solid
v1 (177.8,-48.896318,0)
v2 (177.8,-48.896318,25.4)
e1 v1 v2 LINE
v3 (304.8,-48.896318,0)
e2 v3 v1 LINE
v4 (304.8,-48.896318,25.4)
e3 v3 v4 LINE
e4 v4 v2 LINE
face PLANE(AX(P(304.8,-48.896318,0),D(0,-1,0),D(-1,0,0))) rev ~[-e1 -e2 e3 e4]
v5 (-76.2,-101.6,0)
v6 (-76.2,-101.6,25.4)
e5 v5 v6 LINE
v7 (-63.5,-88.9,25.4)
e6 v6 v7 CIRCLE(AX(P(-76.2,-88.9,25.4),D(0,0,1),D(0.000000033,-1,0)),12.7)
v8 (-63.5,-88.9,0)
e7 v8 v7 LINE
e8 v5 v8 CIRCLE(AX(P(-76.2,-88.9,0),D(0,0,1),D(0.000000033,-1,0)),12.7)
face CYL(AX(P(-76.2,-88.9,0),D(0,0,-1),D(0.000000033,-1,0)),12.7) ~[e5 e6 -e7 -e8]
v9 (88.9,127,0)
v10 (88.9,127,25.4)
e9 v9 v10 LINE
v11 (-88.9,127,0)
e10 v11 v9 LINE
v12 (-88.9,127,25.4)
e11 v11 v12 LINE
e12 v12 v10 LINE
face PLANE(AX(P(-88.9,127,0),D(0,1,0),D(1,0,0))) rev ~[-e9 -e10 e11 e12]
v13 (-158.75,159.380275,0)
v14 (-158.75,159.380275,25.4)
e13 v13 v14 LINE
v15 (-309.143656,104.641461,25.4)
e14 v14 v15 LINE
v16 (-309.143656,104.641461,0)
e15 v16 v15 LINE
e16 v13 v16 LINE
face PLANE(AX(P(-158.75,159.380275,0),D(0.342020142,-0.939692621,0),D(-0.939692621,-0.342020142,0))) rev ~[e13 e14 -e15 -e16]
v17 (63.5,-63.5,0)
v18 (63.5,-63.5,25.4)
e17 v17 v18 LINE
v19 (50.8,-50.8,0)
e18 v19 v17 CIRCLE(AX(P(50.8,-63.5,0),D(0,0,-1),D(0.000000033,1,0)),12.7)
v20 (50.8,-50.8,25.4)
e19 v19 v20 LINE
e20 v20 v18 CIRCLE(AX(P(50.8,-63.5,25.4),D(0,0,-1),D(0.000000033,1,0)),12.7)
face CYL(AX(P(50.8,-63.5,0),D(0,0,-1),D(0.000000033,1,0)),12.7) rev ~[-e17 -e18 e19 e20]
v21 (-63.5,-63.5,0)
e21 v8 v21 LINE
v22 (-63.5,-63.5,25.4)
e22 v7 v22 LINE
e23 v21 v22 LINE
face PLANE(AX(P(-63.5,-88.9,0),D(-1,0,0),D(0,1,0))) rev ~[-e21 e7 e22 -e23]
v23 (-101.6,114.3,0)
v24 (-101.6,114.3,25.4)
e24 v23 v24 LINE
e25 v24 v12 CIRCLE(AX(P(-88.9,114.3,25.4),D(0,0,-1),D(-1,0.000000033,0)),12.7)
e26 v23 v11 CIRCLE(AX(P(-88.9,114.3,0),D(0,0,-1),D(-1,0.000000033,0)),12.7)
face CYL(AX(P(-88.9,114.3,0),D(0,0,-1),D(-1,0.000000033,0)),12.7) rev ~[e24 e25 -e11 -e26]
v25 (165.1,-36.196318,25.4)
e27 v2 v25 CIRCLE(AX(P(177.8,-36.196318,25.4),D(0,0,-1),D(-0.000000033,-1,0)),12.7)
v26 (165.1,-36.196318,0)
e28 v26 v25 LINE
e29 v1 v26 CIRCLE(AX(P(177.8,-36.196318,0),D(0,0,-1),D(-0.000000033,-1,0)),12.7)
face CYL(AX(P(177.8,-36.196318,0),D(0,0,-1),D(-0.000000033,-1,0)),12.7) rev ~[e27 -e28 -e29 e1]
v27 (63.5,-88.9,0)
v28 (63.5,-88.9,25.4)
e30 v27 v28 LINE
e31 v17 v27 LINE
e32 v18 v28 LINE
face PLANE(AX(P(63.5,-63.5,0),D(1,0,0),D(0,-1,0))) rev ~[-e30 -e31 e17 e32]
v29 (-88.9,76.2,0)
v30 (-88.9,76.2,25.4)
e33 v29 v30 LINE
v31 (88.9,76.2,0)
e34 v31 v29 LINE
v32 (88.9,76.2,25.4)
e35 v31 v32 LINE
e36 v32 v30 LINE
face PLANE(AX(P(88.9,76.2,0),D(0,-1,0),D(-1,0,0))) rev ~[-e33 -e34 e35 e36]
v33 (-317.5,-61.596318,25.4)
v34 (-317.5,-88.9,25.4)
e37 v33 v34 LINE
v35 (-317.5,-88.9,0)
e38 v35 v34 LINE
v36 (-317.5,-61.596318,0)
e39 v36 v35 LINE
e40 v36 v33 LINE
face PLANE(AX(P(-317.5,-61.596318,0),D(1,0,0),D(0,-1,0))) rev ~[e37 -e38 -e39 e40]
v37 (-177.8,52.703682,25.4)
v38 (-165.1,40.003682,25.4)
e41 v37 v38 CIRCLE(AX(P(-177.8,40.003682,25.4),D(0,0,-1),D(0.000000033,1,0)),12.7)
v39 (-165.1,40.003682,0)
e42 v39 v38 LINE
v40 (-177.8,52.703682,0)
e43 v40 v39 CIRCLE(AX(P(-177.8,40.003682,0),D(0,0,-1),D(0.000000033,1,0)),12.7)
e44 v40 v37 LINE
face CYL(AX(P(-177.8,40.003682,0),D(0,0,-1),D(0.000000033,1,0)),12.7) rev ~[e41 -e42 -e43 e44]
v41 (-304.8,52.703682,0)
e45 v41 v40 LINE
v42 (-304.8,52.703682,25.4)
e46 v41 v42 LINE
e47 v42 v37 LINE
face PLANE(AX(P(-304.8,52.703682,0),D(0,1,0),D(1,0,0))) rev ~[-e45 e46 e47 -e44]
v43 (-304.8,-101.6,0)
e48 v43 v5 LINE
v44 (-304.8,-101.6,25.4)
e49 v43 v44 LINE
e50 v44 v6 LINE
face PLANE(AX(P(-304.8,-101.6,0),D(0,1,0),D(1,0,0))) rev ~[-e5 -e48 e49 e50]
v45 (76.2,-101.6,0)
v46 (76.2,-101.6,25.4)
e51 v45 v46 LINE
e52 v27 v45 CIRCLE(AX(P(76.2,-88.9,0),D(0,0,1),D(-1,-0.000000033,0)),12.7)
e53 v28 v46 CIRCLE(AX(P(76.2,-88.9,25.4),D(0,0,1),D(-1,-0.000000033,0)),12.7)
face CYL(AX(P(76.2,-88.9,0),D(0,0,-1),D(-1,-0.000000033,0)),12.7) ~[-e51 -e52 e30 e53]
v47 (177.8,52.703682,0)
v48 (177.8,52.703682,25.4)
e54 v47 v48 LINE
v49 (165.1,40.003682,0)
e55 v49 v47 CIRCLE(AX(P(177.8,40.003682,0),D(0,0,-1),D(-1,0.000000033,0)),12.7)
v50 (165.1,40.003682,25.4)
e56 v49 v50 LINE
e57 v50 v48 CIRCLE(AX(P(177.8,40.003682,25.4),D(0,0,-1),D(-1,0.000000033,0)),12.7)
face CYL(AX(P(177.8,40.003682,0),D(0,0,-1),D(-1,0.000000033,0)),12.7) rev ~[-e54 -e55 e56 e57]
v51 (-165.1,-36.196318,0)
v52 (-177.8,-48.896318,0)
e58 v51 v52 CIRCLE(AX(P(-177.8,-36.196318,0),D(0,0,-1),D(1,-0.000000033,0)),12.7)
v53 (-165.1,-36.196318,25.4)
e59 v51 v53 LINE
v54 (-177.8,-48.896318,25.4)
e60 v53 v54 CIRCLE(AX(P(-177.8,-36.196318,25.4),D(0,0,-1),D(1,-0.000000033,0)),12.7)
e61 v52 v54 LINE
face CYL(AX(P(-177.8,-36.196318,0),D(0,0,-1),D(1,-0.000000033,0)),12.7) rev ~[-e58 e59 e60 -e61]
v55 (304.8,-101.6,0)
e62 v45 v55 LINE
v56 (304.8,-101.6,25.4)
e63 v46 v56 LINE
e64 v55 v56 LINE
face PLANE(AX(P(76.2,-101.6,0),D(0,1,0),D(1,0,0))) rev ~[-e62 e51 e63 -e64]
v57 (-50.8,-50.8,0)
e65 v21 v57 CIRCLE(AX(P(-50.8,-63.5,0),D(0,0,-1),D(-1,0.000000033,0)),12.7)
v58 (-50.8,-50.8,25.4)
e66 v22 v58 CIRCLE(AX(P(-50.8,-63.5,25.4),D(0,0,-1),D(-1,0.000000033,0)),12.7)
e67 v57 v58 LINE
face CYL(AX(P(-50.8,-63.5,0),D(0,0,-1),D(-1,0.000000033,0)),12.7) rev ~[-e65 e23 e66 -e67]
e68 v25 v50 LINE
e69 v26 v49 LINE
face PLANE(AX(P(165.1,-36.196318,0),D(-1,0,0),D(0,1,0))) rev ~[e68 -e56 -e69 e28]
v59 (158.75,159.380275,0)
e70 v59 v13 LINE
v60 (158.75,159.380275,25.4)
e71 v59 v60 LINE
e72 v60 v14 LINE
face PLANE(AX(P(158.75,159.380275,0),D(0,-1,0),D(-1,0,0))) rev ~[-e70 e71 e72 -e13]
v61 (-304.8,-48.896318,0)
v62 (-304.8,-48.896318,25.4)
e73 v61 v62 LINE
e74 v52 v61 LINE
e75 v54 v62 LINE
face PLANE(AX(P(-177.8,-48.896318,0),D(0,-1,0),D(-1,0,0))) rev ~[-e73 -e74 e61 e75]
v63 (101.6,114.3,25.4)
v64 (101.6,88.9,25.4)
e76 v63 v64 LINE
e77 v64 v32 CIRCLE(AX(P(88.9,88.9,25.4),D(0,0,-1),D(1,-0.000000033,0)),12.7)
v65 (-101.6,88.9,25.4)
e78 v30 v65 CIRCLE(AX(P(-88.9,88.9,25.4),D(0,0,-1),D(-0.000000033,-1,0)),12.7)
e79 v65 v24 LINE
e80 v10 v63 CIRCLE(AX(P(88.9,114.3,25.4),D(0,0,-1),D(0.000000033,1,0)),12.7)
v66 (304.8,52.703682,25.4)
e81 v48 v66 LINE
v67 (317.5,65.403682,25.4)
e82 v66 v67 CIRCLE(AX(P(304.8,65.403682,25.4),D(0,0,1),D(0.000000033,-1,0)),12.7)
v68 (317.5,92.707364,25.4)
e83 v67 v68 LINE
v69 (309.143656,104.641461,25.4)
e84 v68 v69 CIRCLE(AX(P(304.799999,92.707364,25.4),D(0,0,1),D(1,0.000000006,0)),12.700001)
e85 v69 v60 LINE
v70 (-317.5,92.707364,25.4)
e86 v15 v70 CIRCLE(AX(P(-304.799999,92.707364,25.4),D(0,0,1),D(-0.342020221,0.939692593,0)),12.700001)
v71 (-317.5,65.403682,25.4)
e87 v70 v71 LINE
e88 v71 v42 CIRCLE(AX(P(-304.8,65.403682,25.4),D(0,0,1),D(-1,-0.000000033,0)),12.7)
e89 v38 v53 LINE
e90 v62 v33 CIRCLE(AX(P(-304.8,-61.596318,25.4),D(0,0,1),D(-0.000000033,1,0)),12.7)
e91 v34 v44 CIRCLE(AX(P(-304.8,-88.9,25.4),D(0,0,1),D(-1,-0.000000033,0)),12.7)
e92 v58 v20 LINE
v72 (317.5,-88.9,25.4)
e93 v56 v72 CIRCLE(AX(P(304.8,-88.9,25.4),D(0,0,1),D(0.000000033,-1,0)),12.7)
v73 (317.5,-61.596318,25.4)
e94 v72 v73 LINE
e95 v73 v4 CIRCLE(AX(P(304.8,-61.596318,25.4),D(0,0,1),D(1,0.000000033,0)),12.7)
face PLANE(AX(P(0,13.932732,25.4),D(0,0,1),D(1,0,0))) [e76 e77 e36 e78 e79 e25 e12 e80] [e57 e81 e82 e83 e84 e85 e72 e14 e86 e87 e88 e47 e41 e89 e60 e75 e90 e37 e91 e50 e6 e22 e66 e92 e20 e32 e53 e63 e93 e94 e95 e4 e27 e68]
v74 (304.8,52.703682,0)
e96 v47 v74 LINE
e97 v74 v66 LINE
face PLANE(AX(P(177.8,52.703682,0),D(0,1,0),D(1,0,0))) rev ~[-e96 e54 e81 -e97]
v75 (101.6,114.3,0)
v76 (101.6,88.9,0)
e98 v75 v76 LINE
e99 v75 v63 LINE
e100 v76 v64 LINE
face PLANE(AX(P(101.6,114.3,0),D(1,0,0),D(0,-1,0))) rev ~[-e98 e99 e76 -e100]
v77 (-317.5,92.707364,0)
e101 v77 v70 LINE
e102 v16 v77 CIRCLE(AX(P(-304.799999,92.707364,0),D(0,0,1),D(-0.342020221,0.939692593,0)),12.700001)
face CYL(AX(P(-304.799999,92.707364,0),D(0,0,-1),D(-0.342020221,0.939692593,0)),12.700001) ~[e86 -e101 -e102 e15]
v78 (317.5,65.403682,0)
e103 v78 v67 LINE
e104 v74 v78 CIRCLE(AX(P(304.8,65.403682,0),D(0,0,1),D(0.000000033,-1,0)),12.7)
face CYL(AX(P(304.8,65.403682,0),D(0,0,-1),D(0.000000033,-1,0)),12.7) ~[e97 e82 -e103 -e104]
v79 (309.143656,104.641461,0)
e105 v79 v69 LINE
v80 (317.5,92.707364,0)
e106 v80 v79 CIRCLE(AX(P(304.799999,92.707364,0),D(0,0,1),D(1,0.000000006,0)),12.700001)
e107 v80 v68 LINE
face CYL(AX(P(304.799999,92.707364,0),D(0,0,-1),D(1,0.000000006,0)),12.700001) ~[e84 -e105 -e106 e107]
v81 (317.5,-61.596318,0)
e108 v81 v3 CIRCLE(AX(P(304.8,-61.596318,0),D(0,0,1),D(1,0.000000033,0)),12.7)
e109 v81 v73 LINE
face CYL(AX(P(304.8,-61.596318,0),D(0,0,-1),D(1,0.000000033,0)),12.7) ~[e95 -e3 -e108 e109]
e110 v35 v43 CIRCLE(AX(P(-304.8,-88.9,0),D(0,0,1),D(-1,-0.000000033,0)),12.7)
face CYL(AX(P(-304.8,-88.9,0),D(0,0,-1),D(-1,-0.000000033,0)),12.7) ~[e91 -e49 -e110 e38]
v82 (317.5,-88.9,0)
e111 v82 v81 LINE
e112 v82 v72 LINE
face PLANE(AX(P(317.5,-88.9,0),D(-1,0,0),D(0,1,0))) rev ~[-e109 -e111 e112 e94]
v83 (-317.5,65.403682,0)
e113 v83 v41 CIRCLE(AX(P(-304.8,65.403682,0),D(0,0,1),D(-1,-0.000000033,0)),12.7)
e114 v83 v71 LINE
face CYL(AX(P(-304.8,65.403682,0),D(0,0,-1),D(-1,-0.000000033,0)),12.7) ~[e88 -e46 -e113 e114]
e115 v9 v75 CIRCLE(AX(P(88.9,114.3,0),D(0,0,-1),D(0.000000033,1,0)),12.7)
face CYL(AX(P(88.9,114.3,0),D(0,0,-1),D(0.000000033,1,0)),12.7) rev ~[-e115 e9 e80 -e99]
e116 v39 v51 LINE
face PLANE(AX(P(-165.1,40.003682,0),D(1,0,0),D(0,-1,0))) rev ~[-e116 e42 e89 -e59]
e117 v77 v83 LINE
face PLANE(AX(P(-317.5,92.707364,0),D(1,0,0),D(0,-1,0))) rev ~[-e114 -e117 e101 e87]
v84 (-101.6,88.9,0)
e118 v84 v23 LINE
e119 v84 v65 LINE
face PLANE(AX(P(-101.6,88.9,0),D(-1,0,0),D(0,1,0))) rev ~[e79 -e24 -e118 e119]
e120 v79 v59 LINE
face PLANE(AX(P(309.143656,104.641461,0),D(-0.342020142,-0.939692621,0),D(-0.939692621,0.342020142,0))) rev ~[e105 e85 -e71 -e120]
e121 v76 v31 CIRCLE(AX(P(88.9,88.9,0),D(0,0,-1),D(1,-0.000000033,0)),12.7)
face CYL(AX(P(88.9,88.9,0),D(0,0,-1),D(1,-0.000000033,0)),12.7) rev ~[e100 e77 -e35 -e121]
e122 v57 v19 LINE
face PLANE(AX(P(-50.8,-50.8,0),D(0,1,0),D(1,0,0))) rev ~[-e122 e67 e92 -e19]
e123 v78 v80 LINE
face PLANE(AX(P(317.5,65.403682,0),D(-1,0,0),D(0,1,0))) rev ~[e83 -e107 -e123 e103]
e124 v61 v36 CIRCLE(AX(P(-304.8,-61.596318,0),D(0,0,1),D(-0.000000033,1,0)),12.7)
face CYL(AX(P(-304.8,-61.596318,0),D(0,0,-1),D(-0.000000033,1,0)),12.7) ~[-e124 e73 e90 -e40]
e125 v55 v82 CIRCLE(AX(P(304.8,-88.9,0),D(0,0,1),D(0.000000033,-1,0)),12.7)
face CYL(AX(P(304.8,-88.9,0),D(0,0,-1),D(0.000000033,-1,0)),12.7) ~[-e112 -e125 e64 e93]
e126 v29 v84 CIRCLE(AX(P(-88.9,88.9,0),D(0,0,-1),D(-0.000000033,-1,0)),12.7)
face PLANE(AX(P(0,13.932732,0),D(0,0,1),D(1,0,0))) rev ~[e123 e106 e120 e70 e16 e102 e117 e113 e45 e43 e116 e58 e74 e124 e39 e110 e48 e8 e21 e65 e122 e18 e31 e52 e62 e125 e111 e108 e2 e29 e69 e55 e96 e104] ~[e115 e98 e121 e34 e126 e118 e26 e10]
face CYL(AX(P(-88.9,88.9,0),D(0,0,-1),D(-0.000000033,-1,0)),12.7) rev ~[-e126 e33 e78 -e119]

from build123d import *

# Parameters (mm, degrees)
F1_DEPTH = 25.4


with BuildPart() as f1:
    # F0 (on Top) → F1 (new body)
    with BuildSketch(Plane.XY):
        with BuildLine():
            Line((76.2, -101.6), (304.8, -101.6))
            ThreePointArc((304.8, -101.6), (313.780256, -97.880256), (317.5, -88.9))
            Line((317.5, -88.9), (317.5, -61.596318))
            ThreePointArc((317.5, -61.596318), (313.780256, -52.616062), (304.8, -48.896318))
            Line((304.8, -48.896318), (177.8, -48.896318))
            ThreePointArc((177.8, -48.896318), (168.819744, -45.176574), (165.1, -36.196318))
            Line((165.1, -36.196318), (165.1, 40.003682))
            ThreePointArc((165.1, 40.003682), (168.819744, 48.983938), (177.8, 52.703682))
            Line((177.8, 52.703682), (304.8, 52.703682))
            ThreePointArc((304.8, 52.703682), (313.780256, 56.423426), (317.5, 65.403682))
            Line((317.5, 65.403682), (317.5, 92.707364))
            ThreePointArc((317.5, 92.707364), (315.203231, 99.991785), (309.143656, 104.641461))
            Line((309.143656, 104.641461), (158.75, 159.380275))
            Line((158.75, 159.380275), (-158.75, 159.380275))
            Line((-158.75, 159.380275), (-309.143656, 104.641461))
            ThreePointArc((-309.143656, 104.641461), (-315.203231, 99.991785), (-317.5, 92.707364))
            Line((-317.5, 92.707364), (-317.5, 65.403682))
            ThreePointArc((-317.5, 65.403682), (-313.780256, 56.423426), (-304.8, 52.703682))
            Line((-304.8, 52.703682), (-177.8, 52.703682))
            ThreePointArc((-177.8, 52.703682), (-168.819744, 48.983938), (-165.1, 40.003682))
            Line((-165.1, 40.003682), (-165.1, -36.196318))
            ThreePointArc((-165.1, -36.196318), (-168.819744, -45.176574), (-177.8, -48.896318))
            Line((-177.8, -48.896318), (-304.8, -48.896318))
            ThreePointArc((-304.8, -48.896318), (-313.780256, -52.616062), (-317.5, -61.596318))
            Line((-317.5, -61.596318), (-317.5, -88.9))
            ThreePointArc((-317.5, -88.9), (-313.780256, -97.880256), (-304.8, -101.6))
            Line((-304.8, -101.6), (-76.2, -101.6))
            ThreePointArc((-76.2, -101.6), (-67.219744, -97.880256), (-63.5, -88.9))
            Line((-63.5, -88.9), (-63.5, -63.5))
            ThreePointArc((-63.5, -63.5), (-59.780256, -54.519744), (-50.8, -50.8))
            Line((-50.8, -50.8), (50.8, -50.8))
            ThreePointArc((50.8, -50.8), (59.780256, -54.519744), (63.5, -63.5))
            Line((63.5, -63.5), (63.5, -88.9))
            ThreePointArc((63.5, -88.9), (67.219744, -97.880256), (76.2, -101.6))
        make_face()
        with BuildLine():
            ThreePointArc((-101.6, 114.3), (-97.880256, 123.280256), (-88.9, 127))
            Line((-88.9, 127), (88.9, 127))
            ThreePointArc((88.9, 127), (97.880256, 123.280256), (101.6, 114.3))
            Line((101.6, 114.3), (101.6, 88.9))
            ThreePointArc((101.6, 88.9), (97.880256, 79.919744), (88.9, 76.2))
            Line((88.9, 76.2), (-88.9, 76.2))
            ThreePointArc((-88.9, 76.2), (-97.880256, 79.919744), (-101.6, 88.9))
            Line((-101.6, 88.9), (-101.6, 114.3))
        make_face(mode=Mode.SUBTRACT)
    extrude(amount=F1_DEPTH)


solid = f1.part
